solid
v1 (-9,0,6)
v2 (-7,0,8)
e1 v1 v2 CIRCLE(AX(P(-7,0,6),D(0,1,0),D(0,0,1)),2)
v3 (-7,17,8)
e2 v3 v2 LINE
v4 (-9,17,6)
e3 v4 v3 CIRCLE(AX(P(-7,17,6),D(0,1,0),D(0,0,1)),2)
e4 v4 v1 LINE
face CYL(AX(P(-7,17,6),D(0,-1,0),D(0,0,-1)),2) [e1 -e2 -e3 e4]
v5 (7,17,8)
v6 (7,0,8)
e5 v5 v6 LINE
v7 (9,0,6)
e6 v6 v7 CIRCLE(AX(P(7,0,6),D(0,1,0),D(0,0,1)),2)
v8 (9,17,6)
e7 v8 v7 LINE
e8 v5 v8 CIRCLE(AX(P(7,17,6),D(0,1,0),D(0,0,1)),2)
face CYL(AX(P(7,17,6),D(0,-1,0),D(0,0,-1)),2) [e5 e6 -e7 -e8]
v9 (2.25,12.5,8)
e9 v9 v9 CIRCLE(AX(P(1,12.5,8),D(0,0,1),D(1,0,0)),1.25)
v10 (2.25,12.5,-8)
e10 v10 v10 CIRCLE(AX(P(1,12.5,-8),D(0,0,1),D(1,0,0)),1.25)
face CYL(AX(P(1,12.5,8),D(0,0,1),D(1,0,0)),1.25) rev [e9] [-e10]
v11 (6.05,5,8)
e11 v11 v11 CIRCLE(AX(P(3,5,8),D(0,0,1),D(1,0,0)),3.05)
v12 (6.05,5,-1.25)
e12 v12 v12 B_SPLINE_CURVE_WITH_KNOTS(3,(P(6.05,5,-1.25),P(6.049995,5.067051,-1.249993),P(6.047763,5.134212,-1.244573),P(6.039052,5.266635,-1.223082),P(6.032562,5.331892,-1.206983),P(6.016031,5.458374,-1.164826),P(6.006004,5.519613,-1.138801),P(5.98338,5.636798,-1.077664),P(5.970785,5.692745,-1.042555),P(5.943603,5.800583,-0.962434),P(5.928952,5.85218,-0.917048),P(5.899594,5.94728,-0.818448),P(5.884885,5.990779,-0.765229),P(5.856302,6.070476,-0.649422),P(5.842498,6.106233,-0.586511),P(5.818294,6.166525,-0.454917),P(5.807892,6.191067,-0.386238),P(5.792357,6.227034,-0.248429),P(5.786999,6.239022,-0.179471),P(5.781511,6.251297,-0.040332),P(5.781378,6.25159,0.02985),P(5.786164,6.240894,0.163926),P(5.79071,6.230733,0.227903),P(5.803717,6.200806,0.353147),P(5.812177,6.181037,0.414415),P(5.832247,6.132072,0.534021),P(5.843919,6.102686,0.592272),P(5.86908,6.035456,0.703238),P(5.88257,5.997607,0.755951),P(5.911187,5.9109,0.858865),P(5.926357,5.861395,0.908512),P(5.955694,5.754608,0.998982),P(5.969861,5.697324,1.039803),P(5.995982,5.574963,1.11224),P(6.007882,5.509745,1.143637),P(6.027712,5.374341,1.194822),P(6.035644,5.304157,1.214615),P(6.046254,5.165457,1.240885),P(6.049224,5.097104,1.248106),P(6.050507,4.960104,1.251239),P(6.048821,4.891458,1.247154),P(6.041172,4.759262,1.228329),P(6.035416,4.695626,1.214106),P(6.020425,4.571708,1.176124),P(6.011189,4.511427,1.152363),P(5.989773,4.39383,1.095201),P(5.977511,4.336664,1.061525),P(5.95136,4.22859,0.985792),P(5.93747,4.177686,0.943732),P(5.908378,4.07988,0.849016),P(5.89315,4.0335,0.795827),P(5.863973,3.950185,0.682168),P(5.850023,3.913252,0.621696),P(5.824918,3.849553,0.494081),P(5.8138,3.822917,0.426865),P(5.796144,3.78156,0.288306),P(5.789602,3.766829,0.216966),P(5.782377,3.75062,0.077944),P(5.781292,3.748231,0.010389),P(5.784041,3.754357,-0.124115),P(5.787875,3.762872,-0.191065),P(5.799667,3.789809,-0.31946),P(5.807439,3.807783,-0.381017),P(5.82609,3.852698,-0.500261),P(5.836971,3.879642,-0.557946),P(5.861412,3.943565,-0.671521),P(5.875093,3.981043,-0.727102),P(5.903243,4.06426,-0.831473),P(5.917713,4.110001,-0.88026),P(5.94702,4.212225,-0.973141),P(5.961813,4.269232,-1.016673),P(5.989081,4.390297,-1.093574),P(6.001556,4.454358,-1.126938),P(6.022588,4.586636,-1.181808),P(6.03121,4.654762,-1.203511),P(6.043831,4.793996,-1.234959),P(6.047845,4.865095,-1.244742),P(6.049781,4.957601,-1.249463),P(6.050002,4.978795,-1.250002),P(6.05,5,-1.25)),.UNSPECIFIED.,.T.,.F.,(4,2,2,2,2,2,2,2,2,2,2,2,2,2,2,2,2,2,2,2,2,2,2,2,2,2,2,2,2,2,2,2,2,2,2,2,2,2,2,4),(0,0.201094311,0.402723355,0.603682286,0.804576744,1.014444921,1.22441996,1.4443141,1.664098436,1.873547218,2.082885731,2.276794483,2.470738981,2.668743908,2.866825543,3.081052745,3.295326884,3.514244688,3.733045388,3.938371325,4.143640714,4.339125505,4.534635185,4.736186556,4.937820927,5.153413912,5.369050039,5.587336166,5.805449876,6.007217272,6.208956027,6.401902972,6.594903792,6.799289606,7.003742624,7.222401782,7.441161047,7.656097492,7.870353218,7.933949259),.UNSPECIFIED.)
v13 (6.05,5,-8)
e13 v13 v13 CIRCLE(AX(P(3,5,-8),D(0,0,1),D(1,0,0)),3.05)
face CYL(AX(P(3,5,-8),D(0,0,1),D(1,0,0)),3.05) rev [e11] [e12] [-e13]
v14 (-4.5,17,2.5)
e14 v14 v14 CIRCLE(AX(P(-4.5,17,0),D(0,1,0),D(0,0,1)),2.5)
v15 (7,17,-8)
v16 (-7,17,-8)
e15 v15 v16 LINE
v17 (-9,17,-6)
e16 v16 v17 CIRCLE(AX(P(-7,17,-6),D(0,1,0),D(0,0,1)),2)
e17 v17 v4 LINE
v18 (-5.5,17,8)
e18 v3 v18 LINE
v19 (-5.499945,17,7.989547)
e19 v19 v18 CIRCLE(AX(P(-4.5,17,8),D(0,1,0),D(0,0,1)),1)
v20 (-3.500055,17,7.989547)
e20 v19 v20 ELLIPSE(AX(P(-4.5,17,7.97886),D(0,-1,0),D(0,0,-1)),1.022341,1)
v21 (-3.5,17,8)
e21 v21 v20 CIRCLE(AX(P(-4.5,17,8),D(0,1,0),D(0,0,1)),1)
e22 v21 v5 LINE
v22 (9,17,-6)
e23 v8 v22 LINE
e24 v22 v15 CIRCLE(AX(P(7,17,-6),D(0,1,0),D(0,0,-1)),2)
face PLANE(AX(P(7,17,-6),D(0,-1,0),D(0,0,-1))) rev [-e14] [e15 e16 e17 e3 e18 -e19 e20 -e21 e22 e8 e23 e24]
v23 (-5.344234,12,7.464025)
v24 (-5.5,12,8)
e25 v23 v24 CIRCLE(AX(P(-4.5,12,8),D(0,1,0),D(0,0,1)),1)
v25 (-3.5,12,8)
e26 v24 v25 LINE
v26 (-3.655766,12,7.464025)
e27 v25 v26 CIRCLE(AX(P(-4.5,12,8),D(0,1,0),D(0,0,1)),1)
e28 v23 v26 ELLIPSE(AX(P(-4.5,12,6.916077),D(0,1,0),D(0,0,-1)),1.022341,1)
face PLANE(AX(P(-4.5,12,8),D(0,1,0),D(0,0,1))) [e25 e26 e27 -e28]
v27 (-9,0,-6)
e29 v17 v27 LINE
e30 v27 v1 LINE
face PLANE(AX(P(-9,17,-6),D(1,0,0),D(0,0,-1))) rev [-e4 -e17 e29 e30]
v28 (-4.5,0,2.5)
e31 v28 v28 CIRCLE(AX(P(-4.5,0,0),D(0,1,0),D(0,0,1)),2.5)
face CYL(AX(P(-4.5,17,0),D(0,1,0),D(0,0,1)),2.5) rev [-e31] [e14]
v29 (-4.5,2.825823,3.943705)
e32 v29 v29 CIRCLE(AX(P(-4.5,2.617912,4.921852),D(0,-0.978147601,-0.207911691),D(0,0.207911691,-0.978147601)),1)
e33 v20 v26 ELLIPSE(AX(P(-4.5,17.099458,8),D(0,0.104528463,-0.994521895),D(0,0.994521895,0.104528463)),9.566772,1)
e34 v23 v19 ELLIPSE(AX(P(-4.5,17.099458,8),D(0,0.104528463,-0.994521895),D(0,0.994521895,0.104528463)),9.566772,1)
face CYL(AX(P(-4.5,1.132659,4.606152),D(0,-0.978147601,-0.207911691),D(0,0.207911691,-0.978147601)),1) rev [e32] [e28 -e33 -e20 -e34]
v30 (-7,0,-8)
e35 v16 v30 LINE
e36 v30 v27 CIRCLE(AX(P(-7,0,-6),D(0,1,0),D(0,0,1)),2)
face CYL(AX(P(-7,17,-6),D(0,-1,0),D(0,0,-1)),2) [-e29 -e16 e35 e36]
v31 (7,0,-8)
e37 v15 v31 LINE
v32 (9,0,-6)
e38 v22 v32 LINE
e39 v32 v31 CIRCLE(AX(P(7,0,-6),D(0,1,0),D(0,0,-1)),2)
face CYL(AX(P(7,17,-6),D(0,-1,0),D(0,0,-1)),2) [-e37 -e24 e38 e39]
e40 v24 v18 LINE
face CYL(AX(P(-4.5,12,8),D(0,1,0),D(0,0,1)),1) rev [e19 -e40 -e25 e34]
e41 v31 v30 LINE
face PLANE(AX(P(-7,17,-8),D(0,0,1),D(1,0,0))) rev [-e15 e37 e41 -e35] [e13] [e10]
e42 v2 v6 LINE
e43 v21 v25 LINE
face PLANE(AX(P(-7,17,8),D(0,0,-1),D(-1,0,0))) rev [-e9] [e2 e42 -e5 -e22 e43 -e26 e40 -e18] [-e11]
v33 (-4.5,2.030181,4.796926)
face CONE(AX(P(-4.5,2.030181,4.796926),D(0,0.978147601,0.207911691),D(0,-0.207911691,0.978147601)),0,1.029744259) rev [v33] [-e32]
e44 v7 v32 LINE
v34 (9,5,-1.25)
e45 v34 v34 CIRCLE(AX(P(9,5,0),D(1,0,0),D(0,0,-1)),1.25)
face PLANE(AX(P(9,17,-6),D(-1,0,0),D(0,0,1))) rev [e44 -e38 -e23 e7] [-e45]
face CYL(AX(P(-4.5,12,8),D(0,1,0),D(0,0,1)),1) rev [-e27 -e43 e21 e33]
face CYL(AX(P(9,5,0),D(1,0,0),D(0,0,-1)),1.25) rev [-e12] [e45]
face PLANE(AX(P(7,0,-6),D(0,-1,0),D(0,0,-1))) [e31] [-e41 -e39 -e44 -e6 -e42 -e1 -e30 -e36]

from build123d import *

# Parameters (mm, degrees)
BOSS_EXTRUDE1_DEPTH       = 17
SKETCH2_R                 = 3.05
CUT_EXTRUDE1_DEPTH        = 17
M3X0_5_TAPPED_HOLE1_D     = 2.5
M6X1_0_TAPPED_HOLE1_D     = 5
SKETCH7_R                 = 1
CUT_EXTRUDE2_DEPTH        = 5
M3X0_5_TAPPED_HOLE2_D     = 2.5
M3X0_5_TAPPED_HOLE2_DEPTH = 6
M3X0_5_TAPPED_HOLE2_TIP   = 0.751075774


with BuildPart() as part:
    # Sketch1 → Boss-Extrude1 (new body)
    with BuildSketch(Plane(origin=(0, 0, 0), x_dir=(1, 0, 0), z_dir=(0, 1, 0))):
        with BuildLine():
            Line((-7, 8), (7, 8))
            ThreePointArc((7, 8), (8.414213562, 7.414213562), (9, 6))
            Line((9, 6), (9, -6))
            ThreePointArc((9, -6), (8.414213562, -7.414213562), (7, -8))
            Line((7, -8), (-7, -8))
            ThreePointArc((-7, -8), (-8.414213562, -7.414213562), (-9, -6))
            Line((-9, -6), (-9, 6))
            ThreePointArc((-9, 6), (-8.414213562, 7.414213562), (-7, 8))
        make_face()
    extrude(amount=BOSS_EXTRUDE1_DEPTH)

    # Sketch2 → Cut-Extrude1 (cut, through all)
    with BuildSketch(Plane.XY.offset(8)):
        with Locations((3, 5)):
            Circle(SKETCH2_R)
    extrude(amount=-CUT_EXTRUDE1_DEPTH, mode=Mode.SUBTRACT)

    # M3x0.5 Tapped Hole1 (through all)
    with Locations(Plane.XY.offset(8)):
        with Locations((1, 12.5)):
            Hole(M3X0_5_TAPPED_HOLE1_D / 2)

    # M6x1.0 Tapped Hole1 (through all)
    with Locations(Plane(origin=(0, 17, 0), x_dir=(-1, 0, 0), z_dir=(0, 1, 0))):
        with Locations((4.5, 0)):
            Hole(M6X1_0_TAPPED_HOLE1_D / 2)

    # Sketch7 → Cut-Extrude2 (cut)
    with BuildSketch(Plane(origin=(0, 17, 0), x_dir=(1, 0, 0), z_dir=(0, 1, 0))):
        with Locations((-4.5, -8)):
            Circle(SKETCH7_R)
    extrude(amount=-CUT_EXTRUDE2_DEPTH, mode=Mode.SUBTRACT)

    # Sketch8 → Cut-Revolve1 (revolve, cut)
    with BuildSketch(Plane.ZY.offset(4.5), mode=Mode.PRIVATE) as cut_revolve1_sk:
        Polygon((4.796926452, 2.030181318), (5.9, 2.41), (9.273428811, 18.280734757), (8.29528121, 18.488646447), align=None)
    revolve(cut_revolve1_sk.sketch.rotate(Axis((-4.5, 1.132659385, 4.606152276), (0, 0.978147601, 0.207911691)), 180), axis=Axis((-4.5, 1.132659385, 4.606152276), (0, 0.978147601, 0.207911691)), mode=Mode.SUBTRACT)  # turned: the seam where the file's is

    # M3x0.5 Tapped Hole2
    with Locations(Plane(origin=(9, 0, 0), x_dir=(0, 0, -1), z_dir=(1, 0, 0))):
        with Locations((0, 5)):
            Hole(M3X0_5_TAPPED_HOLE2_D / 2, depth=M3X0_5_TAPPED_HOLE2_DEPTH)
            with Locations((0, 0, -(M3X0_5_TAPPED_HOLE2_DEPTH + M3X0_5_TAPPED_HOLE2_TIP / 2))):  # 118° drill point
                Cone(0, M3X0_5_TAPPED_HOLE2_D / 2, M3X0_5_TAPPED_HOLE2_TIP, mode=Mode.SUBTRACT)


solid = part.part
